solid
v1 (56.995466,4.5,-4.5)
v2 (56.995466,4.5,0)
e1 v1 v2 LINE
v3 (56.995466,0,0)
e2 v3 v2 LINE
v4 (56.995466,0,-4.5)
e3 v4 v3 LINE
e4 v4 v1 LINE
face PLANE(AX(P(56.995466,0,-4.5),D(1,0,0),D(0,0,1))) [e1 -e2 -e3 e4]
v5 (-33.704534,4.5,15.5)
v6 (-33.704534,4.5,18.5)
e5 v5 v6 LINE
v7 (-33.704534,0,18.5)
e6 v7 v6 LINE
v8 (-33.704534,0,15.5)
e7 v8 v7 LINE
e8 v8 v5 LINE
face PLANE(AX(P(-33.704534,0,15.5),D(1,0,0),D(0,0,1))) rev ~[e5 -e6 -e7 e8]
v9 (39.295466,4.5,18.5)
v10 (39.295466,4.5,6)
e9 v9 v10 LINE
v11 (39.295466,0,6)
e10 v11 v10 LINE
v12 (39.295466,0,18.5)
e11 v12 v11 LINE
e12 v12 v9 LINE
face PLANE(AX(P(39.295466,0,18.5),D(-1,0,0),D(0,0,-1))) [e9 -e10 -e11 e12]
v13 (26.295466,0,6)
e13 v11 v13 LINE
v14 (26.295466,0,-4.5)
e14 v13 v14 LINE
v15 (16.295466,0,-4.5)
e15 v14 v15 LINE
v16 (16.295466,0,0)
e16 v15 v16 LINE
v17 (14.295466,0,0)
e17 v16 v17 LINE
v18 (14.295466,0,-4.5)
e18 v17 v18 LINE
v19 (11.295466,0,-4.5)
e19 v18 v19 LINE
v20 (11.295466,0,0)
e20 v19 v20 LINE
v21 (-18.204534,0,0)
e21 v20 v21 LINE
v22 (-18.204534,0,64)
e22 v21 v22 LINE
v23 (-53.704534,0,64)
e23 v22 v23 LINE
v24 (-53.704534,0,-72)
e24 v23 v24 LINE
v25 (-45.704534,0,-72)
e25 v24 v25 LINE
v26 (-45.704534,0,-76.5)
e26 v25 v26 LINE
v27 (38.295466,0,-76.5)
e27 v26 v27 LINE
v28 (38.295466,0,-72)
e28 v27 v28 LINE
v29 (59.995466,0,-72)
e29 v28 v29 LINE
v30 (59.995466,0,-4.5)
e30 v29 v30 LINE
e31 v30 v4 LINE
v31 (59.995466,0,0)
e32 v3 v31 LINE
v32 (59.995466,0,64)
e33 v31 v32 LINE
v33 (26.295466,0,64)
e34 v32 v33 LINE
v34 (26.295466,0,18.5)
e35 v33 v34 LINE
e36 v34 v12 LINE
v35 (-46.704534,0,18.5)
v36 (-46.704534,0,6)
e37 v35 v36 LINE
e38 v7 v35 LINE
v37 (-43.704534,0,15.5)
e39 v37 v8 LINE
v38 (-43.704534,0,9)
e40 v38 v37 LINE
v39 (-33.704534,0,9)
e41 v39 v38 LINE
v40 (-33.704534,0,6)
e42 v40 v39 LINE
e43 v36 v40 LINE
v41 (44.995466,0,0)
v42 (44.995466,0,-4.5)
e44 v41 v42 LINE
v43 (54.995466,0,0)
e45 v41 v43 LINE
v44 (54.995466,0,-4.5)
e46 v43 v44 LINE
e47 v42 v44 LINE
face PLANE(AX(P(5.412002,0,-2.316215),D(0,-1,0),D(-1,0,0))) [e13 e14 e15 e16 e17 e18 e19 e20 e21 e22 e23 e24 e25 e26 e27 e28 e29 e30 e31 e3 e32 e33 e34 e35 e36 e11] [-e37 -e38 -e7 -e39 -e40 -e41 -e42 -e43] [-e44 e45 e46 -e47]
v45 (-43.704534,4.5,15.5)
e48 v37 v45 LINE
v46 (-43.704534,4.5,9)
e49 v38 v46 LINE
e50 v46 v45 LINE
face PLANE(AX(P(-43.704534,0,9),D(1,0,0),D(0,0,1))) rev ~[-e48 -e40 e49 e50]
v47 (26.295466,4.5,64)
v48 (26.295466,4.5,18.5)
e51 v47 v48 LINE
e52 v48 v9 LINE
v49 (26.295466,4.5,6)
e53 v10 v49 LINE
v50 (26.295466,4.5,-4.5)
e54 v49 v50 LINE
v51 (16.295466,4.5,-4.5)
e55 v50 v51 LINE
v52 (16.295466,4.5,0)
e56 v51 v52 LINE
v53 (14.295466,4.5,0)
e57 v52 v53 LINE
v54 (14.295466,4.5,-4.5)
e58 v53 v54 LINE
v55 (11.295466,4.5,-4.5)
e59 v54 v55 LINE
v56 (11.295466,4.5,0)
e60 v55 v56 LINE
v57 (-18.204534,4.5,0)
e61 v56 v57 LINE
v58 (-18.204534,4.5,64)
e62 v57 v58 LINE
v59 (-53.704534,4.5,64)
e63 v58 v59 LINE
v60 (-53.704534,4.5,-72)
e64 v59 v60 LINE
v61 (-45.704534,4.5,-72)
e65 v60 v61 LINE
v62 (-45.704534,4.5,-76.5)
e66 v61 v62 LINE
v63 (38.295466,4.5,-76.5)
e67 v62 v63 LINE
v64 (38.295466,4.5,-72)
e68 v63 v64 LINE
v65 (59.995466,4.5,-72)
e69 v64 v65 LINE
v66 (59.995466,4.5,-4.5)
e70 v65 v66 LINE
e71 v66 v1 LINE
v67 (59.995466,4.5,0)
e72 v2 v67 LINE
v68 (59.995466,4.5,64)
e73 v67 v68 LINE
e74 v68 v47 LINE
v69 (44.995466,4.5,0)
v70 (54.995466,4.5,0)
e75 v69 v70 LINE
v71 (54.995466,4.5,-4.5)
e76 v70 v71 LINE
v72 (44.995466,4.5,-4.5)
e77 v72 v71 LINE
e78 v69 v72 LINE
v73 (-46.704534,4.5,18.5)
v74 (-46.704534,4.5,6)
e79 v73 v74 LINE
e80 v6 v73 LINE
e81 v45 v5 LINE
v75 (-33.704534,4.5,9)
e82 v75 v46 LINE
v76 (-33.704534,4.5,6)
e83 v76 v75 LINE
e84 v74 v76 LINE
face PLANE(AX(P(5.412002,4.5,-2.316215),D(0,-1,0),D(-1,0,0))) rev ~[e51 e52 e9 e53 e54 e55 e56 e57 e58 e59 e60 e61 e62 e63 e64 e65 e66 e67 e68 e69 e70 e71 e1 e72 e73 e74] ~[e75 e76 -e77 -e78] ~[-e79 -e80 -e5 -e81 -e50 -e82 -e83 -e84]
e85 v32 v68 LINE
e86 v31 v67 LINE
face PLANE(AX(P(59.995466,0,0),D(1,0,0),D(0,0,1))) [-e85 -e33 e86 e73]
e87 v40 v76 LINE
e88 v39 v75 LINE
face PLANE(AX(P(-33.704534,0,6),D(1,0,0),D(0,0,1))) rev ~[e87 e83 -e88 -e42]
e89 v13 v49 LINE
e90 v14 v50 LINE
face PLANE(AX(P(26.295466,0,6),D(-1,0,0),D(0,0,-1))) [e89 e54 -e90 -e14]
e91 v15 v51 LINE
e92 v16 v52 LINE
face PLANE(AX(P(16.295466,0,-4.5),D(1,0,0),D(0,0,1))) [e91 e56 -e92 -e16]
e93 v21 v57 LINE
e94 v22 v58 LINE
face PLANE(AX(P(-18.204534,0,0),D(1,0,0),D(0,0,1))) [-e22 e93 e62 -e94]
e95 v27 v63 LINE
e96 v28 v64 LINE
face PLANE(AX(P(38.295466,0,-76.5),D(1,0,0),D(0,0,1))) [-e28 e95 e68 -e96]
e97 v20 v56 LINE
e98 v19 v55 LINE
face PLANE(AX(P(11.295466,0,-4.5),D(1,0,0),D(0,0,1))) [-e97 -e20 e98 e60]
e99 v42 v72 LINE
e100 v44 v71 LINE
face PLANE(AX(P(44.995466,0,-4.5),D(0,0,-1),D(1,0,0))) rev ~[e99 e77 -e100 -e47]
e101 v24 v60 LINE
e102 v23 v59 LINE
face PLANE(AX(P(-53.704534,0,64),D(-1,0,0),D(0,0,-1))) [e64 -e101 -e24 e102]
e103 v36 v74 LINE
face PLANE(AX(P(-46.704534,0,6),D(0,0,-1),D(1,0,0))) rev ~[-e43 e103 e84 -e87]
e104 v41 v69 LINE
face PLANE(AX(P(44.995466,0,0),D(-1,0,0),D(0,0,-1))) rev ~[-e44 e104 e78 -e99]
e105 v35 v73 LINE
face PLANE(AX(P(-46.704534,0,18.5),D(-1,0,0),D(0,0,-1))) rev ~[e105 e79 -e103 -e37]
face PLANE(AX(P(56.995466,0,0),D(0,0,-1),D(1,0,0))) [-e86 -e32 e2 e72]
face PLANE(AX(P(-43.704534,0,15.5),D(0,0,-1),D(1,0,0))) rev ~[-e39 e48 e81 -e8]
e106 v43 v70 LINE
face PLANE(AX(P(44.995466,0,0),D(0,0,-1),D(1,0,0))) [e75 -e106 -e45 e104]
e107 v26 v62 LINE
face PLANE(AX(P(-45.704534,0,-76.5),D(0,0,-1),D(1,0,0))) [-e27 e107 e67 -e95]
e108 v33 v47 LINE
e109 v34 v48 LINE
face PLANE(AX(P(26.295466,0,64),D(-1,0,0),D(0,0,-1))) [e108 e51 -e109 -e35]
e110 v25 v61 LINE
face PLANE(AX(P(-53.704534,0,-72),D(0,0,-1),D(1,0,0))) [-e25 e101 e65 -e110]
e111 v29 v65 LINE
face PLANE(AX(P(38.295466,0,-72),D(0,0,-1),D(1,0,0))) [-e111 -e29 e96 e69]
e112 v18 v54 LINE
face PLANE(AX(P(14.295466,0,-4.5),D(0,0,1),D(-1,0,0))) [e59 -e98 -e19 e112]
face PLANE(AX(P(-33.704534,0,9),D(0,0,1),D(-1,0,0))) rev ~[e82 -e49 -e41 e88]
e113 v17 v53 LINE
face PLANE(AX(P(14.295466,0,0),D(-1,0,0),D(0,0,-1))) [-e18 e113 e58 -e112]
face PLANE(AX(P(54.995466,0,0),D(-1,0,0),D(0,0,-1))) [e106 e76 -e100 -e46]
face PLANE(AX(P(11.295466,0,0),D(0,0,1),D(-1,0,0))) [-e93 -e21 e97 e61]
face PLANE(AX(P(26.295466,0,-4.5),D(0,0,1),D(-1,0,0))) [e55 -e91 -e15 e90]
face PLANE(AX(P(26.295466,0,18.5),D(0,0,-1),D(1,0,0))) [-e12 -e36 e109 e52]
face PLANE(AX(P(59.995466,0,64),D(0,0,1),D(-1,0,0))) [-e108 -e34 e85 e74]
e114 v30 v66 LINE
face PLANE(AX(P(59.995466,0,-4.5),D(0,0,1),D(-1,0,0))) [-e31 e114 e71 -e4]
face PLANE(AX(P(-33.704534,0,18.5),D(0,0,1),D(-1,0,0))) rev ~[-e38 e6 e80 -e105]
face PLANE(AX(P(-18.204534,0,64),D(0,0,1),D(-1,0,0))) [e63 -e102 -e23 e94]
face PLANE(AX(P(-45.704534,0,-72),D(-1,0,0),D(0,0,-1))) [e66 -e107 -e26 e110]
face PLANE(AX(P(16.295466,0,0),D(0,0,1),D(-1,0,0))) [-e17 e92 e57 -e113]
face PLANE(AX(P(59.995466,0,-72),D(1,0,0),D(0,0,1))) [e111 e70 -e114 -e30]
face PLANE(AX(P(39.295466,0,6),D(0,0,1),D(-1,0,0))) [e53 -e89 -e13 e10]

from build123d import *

# Parameters (mm, degrees)
SKETCH2_W           = 10
SKETCH2_H           = 4.5
BOSS_EXTRUDE1_DEPTH = 4.5


with BuildPart() as part:
    # Sketch2 → Boss-Extrude1 (new body)
    with BuildSketch(Plane(origin=(0, 0, 0), x_dir=(1, 0, 0), z_dir=(0, 1, 0))):
        Polygon((11.295466324, 4.5), (11.295466324, 0), (-18.204533676, 0), (-18.204533676, -64), (-53.704533676, -64), (-53.704533676, 72), (-45.704533676, 72), (-45.704533676, 76.5), (38.295466324, 76.5), (38.295466324, 72), (59.995466324, 72), (59.995466324, 4.5), (56.995466324, 4.5), (56.995466324, 0), (59.995466324, 0), (59.995466324, -64), (26.295466324, -64), (26.295466324, -18.5), (39.295466324, -18.5), (39.295466324, -6), (26.295466324, -6), (26.295466324, 4.5), (16.295466324, 4.5), (16.295466324, 0), (14.295466324, 0), (14.295466324, 4.5), align=None)
        with Locations((49.995466324, 2.25)):
            Rectangle(SKETCH2_W, SKETCH2_H, mode=Mode.SUBTRACT)
        Polygon((-33.704533676, -15.5), (-33.704533676, -18.5), (-46.704533676, -18.5), (-46.704533676, -6), (-33.704533676, -6), (-33.704533676, -9), (-43.704533676, -9), (-43.704533676, -15.5), align=None, mode=Mode.SUBTRACT)
    extrude(amount=BOSS_EXTRUDE1_DEPTH)


solid = part.part
